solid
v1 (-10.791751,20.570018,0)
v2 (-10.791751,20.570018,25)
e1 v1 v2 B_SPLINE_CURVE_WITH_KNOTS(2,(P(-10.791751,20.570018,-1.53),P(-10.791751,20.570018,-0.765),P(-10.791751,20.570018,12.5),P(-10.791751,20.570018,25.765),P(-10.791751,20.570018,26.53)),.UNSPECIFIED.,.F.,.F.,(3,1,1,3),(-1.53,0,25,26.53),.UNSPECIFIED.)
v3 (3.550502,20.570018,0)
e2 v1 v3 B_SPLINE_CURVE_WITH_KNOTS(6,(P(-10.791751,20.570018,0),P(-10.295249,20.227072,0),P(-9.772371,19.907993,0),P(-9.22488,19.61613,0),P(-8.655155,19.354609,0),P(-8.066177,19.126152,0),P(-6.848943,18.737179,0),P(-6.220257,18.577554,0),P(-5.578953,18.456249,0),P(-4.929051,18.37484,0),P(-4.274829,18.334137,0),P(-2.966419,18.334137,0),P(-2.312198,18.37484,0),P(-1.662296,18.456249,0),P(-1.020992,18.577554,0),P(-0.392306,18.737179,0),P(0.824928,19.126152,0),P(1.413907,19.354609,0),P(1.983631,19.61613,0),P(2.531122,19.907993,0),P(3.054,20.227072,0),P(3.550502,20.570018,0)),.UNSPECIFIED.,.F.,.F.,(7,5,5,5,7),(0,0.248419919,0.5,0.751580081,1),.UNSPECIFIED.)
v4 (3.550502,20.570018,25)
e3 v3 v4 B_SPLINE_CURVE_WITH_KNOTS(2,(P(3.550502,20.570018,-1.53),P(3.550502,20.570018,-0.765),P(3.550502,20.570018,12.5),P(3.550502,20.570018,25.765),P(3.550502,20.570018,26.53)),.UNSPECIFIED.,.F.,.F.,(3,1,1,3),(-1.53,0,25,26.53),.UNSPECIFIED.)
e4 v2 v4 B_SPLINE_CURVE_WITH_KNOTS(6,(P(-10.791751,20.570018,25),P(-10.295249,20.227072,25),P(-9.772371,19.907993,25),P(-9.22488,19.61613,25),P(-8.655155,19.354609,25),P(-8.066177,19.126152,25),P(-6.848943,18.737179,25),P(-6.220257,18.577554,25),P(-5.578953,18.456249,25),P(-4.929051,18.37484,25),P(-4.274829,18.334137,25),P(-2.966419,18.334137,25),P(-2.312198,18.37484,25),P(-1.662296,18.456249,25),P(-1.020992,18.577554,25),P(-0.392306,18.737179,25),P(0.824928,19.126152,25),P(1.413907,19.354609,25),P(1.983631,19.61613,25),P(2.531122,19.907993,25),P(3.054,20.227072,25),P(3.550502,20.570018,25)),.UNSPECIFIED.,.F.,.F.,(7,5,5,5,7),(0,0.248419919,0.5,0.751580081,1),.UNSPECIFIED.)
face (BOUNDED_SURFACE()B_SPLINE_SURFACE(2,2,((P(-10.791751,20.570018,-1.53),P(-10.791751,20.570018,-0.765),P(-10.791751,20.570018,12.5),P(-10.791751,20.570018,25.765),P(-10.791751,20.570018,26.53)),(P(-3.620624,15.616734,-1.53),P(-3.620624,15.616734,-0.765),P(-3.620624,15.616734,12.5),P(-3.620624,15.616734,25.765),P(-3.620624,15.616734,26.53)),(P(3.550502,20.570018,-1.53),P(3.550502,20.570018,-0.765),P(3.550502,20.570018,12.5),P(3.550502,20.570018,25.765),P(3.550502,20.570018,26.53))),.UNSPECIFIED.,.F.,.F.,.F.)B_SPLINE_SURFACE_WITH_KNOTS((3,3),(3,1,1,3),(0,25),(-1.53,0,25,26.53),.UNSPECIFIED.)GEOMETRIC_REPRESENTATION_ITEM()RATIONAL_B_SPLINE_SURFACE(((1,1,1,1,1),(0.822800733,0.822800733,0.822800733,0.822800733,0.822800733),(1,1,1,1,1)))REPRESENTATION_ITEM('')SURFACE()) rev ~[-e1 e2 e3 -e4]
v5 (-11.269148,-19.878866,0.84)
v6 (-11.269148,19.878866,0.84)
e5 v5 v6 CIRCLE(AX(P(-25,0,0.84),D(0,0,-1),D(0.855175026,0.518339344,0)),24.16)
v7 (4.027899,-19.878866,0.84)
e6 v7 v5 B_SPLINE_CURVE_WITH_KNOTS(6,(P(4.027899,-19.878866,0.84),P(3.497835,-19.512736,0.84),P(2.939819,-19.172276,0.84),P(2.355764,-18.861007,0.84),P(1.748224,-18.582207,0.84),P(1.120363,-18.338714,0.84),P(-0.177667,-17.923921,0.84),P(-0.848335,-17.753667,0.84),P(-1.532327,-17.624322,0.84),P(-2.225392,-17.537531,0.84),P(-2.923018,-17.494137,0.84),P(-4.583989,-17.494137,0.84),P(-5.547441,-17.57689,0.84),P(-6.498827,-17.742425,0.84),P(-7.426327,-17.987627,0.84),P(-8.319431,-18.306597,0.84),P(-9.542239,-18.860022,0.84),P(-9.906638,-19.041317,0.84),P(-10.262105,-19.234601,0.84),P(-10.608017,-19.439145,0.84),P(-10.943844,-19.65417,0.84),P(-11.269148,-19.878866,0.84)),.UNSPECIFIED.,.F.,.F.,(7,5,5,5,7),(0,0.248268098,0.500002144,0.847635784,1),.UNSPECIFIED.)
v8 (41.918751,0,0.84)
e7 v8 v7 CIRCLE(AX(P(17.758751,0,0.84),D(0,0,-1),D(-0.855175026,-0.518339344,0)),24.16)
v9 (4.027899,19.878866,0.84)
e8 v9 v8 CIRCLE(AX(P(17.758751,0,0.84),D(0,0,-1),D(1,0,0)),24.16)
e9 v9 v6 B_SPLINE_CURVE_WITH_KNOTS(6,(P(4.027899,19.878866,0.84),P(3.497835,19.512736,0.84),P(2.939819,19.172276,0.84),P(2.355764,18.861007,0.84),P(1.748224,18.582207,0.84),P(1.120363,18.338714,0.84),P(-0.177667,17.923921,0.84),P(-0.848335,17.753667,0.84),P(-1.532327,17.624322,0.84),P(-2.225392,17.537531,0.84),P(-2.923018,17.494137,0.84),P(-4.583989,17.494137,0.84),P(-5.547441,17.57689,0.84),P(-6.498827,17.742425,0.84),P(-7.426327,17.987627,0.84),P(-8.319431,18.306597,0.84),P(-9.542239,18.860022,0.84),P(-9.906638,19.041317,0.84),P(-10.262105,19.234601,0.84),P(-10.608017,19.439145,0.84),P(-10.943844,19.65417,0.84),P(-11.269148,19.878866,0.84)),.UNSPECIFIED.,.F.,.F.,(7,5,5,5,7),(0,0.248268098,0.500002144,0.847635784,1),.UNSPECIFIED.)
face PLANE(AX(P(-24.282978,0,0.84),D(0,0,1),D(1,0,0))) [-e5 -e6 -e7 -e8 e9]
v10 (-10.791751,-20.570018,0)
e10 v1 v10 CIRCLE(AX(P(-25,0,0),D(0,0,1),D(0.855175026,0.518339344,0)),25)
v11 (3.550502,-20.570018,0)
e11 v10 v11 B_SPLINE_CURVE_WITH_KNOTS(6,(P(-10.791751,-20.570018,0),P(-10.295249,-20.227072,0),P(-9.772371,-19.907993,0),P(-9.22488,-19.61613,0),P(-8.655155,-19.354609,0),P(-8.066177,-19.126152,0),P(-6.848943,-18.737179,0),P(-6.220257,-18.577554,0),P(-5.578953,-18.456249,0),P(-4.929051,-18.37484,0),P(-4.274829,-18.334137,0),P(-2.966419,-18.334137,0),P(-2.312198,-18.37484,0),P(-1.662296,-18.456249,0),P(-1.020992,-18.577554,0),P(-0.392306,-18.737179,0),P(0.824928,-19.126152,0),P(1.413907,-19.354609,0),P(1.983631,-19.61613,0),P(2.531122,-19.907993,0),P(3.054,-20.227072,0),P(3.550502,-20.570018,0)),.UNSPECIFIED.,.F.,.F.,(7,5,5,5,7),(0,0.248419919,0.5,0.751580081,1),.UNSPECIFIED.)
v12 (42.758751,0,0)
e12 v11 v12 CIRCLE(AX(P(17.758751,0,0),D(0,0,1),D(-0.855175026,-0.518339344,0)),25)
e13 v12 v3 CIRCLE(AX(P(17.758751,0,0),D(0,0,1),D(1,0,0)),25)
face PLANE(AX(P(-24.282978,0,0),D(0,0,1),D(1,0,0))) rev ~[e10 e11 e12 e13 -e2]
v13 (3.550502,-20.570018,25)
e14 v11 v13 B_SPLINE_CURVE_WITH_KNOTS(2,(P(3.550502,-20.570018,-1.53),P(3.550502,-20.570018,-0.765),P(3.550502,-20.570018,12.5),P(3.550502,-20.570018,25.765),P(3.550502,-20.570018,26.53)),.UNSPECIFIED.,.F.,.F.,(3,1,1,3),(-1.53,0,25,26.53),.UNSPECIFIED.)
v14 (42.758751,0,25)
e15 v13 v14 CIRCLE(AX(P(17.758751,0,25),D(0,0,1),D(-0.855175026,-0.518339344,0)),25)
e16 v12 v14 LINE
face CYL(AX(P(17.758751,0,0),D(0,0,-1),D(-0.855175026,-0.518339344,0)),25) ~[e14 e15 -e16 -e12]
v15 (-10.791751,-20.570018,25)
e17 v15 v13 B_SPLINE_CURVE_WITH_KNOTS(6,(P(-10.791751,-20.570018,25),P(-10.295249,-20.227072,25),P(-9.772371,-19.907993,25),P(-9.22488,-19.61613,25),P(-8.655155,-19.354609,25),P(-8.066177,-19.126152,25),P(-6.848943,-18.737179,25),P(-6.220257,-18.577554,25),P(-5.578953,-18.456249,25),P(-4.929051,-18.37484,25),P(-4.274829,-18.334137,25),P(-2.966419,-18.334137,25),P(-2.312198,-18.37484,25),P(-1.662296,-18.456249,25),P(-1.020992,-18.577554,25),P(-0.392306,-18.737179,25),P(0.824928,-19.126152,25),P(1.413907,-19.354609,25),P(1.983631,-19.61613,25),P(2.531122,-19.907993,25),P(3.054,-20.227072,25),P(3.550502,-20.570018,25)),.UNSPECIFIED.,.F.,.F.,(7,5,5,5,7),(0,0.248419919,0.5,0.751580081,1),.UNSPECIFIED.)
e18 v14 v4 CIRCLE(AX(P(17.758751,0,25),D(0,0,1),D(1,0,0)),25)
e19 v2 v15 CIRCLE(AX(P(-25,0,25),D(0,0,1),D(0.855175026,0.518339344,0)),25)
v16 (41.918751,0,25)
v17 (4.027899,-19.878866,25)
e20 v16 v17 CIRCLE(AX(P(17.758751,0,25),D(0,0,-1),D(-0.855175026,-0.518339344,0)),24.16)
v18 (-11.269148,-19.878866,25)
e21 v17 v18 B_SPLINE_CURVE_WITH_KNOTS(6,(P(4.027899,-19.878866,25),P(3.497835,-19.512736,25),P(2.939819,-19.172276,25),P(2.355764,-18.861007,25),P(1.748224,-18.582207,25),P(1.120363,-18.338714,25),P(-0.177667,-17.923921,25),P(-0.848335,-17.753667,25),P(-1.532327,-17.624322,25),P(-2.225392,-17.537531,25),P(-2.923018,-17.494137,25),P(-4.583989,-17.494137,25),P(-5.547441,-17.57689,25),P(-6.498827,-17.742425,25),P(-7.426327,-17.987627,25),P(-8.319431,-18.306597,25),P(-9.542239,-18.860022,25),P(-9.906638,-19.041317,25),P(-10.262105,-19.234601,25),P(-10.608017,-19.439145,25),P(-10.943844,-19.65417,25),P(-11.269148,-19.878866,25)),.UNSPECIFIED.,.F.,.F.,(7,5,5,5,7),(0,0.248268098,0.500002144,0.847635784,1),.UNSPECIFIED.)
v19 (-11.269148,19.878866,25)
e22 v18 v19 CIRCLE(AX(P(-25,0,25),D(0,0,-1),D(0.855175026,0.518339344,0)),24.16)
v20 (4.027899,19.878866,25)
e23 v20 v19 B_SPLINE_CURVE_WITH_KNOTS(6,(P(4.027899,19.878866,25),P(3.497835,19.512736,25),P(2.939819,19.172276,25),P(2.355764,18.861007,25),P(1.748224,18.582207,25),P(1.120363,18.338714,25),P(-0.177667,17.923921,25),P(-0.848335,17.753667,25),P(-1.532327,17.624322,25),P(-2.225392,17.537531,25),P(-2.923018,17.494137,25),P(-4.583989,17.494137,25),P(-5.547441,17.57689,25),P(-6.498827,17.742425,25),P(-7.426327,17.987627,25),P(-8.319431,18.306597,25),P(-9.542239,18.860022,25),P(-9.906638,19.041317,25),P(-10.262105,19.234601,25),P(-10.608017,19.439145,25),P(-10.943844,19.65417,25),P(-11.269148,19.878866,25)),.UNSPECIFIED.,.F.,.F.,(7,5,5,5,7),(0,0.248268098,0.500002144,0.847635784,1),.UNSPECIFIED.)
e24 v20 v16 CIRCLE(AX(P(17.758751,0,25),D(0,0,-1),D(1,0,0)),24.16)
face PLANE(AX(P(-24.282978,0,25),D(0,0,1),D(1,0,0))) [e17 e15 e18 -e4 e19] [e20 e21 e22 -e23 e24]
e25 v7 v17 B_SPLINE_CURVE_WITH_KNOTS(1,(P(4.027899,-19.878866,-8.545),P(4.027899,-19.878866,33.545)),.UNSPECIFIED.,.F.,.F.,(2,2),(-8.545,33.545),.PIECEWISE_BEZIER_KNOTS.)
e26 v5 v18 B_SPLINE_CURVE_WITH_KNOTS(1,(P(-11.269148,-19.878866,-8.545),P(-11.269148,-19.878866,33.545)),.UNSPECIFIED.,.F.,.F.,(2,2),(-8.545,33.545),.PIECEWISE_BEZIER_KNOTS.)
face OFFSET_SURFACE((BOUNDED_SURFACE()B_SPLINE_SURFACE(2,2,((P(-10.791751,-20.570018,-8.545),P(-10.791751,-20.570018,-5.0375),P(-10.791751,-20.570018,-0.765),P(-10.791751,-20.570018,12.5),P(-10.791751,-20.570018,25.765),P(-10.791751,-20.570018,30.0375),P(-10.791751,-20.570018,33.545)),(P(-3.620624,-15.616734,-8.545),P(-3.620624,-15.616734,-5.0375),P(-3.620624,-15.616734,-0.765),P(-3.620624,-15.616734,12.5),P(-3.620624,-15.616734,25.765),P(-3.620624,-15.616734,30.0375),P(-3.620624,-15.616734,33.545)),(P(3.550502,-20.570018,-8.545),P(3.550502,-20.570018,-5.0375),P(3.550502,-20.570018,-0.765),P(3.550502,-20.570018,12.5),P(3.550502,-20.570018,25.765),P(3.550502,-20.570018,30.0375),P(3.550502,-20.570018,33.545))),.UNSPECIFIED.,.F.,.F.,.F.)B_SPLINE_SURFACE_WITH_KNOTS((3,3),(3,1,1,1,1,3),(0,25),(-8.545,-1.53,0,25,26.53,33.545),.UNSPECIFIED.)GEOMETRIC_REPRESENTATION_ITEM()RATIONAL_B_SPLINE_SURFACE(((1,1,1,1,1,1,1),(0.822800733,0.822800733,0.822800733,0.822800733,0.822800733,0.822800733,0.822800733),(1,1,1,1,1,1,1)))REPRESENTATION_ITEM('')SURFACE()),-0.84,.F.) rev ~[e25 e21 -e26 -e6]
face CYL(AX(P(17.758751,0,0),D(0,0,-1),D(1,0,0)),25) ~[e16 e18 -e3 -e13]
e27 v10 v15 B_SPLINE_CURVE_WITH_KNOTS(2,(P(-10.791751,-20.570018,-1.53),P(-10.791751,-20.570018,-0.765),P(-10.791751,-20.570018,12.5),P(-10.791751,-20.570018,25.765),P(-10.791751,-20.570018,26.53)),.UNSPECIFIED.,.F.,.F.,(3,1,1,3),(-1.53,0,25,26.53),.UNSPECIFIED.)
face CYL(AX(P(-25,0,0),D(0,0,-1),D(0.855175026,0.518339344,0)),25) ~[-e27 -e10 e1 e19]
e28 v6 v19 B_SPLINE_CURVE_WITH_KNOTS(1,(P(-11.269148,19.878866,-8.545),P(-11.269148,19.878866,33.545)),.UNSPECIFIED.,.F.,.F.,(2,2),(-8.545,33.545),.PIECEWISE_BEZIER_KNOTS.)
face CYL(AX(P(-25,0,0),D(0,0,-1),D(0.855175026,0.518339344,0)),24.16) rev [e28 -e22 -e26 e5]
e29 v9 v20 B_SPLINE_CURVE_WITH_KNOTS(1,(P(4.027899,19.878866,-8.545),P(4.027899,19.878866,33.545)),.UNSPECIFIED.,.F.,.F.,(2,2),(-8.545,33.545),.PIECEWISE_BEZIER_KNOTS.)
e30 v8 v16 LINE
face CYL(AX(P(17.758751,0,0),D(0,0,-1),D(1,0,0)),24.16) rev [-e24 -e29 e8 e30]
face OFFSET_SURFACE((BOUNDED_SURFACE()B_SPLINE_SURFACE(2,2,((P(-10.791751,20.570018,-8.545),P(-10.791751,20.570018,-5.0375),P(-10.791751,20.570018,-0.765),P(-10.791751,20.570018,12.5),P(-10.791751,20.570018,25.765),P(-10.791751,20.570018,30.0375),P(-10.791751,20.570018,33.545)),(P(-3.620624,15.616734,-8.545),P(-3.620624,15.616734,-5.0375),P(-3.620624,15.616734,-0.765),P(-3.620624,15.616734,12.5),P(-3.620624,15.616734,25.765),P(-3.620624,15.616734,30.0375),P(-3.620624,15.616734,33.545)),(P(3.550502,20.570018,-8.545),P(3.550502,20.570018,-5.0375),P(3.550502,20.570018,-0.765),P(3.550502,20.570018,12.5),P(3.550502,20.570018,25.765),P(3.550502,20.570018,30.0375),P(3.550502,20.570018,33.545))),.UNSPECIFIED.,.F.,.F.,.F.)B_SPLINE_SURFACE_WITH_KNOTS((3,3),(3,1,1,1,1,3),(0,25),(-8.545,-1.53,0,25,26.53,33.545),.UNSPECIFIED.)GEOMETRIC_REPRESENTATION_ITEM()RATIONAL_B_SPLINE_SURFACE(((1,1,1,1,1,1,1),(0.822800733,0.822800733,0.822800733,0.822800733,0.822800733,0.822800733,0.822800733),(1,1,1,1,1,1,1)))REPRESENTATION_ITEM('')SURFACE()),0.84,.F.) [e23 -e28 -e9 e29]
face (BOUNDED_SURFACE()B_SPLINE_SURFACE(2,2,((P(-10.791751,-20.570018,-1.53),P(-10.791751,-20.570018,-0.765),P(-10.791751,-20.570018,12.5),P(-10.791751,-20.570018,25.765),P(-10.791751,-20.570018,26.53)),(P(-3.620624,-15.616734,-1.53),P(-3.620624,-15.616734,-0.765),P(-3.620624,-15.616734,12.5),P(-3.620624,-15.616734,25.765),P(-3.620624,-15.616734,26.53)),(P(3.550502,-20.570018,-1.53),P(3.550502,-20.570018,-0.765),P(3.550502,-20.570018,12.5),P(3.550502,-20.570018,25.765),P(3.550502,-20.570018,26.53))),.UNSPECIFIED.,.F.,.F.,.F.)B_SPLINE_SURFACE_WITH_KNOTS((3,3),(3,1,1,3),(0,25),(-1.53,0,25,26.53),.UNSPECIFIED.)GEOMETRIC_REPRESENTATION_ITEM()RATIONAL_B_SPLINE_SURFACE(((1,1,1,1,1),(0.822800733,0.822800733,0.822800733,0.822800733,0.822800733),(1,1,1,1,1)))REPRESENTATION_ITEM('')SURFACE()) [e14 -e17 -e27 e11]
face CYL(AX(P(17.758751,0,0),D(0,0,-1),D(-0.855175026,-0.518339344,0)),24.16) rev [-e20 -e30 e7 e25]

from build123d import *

# Parameters (mm, degrees)
F1_DEPTH = 25
F2_R     = 12.6178924605
F3_T     = -0.84


with BuildPart() as f1:
    # F0 (on Top) → F1 (new body)
    with BuildSketch(Plane.XY):
        with BuildLine():
            ThreePointArc((-3.620624356, -12.9584835946), (-7.2412487119, 0), (-3.620624356, 12.9584835946))
            ThreePointArc((-3.620624356, 12.9584835946), (-50, 0), (-3.620624356, -12.9584835946))
        make_face()
        with BuildLine():
            ThreePointArc((-3.620624356, -12.9584835946), (-0.9221638109, -6.7273920987), (0, 0))
            ThreePointArc((0, 0), (-0.9221638109, 6.7273920987), (-3.620624356, 12.9584835946))
            ThreePointArc((-3.620624356, 12.9584835946), (-7.2412487119, 0), (-3.620624356, -12.9584835946))
        make_face()
        with BuildLine():
            ThreePointArc((-3.620624356, 12.9584835946), (-0.9221638109, 6.7273920987), (0, 0))
            ThreePointArc((0, 0), (-0.9221638109, -6.7273920987), (-3.620624356, -12.9584835946))
            ThreePointArc((-3.620624356, -12.9584835946), (24.4861433868, -24.0778361891), (42.7587512881, 0))
            ThreePointArc((42.7587512881, 0), (24.4861433868, 24.0778361891), (-3.620624356, 12.9584835946))
        make_face()
    extrude(amount=F1_DEPTH)

    # F2
    f2_edges = [f1.edges().sort_by_distance(p)[0] for p in [
        (-3.620624, 12.958484, 12.5),
        (-3.620624, -12.958484, 12.5),
    ]]
    fillet(f2_edges, radius=F2_R)

    # F3
    f3_openings = [f1.faces().sort_by_distance(p)[0] for p in [
        (-3.620624, 0, 25),
    ]]
    offset(amount=F3_T, openings=f3_openings, kind=Kind.INTERSECTION)


solid = f1.part
